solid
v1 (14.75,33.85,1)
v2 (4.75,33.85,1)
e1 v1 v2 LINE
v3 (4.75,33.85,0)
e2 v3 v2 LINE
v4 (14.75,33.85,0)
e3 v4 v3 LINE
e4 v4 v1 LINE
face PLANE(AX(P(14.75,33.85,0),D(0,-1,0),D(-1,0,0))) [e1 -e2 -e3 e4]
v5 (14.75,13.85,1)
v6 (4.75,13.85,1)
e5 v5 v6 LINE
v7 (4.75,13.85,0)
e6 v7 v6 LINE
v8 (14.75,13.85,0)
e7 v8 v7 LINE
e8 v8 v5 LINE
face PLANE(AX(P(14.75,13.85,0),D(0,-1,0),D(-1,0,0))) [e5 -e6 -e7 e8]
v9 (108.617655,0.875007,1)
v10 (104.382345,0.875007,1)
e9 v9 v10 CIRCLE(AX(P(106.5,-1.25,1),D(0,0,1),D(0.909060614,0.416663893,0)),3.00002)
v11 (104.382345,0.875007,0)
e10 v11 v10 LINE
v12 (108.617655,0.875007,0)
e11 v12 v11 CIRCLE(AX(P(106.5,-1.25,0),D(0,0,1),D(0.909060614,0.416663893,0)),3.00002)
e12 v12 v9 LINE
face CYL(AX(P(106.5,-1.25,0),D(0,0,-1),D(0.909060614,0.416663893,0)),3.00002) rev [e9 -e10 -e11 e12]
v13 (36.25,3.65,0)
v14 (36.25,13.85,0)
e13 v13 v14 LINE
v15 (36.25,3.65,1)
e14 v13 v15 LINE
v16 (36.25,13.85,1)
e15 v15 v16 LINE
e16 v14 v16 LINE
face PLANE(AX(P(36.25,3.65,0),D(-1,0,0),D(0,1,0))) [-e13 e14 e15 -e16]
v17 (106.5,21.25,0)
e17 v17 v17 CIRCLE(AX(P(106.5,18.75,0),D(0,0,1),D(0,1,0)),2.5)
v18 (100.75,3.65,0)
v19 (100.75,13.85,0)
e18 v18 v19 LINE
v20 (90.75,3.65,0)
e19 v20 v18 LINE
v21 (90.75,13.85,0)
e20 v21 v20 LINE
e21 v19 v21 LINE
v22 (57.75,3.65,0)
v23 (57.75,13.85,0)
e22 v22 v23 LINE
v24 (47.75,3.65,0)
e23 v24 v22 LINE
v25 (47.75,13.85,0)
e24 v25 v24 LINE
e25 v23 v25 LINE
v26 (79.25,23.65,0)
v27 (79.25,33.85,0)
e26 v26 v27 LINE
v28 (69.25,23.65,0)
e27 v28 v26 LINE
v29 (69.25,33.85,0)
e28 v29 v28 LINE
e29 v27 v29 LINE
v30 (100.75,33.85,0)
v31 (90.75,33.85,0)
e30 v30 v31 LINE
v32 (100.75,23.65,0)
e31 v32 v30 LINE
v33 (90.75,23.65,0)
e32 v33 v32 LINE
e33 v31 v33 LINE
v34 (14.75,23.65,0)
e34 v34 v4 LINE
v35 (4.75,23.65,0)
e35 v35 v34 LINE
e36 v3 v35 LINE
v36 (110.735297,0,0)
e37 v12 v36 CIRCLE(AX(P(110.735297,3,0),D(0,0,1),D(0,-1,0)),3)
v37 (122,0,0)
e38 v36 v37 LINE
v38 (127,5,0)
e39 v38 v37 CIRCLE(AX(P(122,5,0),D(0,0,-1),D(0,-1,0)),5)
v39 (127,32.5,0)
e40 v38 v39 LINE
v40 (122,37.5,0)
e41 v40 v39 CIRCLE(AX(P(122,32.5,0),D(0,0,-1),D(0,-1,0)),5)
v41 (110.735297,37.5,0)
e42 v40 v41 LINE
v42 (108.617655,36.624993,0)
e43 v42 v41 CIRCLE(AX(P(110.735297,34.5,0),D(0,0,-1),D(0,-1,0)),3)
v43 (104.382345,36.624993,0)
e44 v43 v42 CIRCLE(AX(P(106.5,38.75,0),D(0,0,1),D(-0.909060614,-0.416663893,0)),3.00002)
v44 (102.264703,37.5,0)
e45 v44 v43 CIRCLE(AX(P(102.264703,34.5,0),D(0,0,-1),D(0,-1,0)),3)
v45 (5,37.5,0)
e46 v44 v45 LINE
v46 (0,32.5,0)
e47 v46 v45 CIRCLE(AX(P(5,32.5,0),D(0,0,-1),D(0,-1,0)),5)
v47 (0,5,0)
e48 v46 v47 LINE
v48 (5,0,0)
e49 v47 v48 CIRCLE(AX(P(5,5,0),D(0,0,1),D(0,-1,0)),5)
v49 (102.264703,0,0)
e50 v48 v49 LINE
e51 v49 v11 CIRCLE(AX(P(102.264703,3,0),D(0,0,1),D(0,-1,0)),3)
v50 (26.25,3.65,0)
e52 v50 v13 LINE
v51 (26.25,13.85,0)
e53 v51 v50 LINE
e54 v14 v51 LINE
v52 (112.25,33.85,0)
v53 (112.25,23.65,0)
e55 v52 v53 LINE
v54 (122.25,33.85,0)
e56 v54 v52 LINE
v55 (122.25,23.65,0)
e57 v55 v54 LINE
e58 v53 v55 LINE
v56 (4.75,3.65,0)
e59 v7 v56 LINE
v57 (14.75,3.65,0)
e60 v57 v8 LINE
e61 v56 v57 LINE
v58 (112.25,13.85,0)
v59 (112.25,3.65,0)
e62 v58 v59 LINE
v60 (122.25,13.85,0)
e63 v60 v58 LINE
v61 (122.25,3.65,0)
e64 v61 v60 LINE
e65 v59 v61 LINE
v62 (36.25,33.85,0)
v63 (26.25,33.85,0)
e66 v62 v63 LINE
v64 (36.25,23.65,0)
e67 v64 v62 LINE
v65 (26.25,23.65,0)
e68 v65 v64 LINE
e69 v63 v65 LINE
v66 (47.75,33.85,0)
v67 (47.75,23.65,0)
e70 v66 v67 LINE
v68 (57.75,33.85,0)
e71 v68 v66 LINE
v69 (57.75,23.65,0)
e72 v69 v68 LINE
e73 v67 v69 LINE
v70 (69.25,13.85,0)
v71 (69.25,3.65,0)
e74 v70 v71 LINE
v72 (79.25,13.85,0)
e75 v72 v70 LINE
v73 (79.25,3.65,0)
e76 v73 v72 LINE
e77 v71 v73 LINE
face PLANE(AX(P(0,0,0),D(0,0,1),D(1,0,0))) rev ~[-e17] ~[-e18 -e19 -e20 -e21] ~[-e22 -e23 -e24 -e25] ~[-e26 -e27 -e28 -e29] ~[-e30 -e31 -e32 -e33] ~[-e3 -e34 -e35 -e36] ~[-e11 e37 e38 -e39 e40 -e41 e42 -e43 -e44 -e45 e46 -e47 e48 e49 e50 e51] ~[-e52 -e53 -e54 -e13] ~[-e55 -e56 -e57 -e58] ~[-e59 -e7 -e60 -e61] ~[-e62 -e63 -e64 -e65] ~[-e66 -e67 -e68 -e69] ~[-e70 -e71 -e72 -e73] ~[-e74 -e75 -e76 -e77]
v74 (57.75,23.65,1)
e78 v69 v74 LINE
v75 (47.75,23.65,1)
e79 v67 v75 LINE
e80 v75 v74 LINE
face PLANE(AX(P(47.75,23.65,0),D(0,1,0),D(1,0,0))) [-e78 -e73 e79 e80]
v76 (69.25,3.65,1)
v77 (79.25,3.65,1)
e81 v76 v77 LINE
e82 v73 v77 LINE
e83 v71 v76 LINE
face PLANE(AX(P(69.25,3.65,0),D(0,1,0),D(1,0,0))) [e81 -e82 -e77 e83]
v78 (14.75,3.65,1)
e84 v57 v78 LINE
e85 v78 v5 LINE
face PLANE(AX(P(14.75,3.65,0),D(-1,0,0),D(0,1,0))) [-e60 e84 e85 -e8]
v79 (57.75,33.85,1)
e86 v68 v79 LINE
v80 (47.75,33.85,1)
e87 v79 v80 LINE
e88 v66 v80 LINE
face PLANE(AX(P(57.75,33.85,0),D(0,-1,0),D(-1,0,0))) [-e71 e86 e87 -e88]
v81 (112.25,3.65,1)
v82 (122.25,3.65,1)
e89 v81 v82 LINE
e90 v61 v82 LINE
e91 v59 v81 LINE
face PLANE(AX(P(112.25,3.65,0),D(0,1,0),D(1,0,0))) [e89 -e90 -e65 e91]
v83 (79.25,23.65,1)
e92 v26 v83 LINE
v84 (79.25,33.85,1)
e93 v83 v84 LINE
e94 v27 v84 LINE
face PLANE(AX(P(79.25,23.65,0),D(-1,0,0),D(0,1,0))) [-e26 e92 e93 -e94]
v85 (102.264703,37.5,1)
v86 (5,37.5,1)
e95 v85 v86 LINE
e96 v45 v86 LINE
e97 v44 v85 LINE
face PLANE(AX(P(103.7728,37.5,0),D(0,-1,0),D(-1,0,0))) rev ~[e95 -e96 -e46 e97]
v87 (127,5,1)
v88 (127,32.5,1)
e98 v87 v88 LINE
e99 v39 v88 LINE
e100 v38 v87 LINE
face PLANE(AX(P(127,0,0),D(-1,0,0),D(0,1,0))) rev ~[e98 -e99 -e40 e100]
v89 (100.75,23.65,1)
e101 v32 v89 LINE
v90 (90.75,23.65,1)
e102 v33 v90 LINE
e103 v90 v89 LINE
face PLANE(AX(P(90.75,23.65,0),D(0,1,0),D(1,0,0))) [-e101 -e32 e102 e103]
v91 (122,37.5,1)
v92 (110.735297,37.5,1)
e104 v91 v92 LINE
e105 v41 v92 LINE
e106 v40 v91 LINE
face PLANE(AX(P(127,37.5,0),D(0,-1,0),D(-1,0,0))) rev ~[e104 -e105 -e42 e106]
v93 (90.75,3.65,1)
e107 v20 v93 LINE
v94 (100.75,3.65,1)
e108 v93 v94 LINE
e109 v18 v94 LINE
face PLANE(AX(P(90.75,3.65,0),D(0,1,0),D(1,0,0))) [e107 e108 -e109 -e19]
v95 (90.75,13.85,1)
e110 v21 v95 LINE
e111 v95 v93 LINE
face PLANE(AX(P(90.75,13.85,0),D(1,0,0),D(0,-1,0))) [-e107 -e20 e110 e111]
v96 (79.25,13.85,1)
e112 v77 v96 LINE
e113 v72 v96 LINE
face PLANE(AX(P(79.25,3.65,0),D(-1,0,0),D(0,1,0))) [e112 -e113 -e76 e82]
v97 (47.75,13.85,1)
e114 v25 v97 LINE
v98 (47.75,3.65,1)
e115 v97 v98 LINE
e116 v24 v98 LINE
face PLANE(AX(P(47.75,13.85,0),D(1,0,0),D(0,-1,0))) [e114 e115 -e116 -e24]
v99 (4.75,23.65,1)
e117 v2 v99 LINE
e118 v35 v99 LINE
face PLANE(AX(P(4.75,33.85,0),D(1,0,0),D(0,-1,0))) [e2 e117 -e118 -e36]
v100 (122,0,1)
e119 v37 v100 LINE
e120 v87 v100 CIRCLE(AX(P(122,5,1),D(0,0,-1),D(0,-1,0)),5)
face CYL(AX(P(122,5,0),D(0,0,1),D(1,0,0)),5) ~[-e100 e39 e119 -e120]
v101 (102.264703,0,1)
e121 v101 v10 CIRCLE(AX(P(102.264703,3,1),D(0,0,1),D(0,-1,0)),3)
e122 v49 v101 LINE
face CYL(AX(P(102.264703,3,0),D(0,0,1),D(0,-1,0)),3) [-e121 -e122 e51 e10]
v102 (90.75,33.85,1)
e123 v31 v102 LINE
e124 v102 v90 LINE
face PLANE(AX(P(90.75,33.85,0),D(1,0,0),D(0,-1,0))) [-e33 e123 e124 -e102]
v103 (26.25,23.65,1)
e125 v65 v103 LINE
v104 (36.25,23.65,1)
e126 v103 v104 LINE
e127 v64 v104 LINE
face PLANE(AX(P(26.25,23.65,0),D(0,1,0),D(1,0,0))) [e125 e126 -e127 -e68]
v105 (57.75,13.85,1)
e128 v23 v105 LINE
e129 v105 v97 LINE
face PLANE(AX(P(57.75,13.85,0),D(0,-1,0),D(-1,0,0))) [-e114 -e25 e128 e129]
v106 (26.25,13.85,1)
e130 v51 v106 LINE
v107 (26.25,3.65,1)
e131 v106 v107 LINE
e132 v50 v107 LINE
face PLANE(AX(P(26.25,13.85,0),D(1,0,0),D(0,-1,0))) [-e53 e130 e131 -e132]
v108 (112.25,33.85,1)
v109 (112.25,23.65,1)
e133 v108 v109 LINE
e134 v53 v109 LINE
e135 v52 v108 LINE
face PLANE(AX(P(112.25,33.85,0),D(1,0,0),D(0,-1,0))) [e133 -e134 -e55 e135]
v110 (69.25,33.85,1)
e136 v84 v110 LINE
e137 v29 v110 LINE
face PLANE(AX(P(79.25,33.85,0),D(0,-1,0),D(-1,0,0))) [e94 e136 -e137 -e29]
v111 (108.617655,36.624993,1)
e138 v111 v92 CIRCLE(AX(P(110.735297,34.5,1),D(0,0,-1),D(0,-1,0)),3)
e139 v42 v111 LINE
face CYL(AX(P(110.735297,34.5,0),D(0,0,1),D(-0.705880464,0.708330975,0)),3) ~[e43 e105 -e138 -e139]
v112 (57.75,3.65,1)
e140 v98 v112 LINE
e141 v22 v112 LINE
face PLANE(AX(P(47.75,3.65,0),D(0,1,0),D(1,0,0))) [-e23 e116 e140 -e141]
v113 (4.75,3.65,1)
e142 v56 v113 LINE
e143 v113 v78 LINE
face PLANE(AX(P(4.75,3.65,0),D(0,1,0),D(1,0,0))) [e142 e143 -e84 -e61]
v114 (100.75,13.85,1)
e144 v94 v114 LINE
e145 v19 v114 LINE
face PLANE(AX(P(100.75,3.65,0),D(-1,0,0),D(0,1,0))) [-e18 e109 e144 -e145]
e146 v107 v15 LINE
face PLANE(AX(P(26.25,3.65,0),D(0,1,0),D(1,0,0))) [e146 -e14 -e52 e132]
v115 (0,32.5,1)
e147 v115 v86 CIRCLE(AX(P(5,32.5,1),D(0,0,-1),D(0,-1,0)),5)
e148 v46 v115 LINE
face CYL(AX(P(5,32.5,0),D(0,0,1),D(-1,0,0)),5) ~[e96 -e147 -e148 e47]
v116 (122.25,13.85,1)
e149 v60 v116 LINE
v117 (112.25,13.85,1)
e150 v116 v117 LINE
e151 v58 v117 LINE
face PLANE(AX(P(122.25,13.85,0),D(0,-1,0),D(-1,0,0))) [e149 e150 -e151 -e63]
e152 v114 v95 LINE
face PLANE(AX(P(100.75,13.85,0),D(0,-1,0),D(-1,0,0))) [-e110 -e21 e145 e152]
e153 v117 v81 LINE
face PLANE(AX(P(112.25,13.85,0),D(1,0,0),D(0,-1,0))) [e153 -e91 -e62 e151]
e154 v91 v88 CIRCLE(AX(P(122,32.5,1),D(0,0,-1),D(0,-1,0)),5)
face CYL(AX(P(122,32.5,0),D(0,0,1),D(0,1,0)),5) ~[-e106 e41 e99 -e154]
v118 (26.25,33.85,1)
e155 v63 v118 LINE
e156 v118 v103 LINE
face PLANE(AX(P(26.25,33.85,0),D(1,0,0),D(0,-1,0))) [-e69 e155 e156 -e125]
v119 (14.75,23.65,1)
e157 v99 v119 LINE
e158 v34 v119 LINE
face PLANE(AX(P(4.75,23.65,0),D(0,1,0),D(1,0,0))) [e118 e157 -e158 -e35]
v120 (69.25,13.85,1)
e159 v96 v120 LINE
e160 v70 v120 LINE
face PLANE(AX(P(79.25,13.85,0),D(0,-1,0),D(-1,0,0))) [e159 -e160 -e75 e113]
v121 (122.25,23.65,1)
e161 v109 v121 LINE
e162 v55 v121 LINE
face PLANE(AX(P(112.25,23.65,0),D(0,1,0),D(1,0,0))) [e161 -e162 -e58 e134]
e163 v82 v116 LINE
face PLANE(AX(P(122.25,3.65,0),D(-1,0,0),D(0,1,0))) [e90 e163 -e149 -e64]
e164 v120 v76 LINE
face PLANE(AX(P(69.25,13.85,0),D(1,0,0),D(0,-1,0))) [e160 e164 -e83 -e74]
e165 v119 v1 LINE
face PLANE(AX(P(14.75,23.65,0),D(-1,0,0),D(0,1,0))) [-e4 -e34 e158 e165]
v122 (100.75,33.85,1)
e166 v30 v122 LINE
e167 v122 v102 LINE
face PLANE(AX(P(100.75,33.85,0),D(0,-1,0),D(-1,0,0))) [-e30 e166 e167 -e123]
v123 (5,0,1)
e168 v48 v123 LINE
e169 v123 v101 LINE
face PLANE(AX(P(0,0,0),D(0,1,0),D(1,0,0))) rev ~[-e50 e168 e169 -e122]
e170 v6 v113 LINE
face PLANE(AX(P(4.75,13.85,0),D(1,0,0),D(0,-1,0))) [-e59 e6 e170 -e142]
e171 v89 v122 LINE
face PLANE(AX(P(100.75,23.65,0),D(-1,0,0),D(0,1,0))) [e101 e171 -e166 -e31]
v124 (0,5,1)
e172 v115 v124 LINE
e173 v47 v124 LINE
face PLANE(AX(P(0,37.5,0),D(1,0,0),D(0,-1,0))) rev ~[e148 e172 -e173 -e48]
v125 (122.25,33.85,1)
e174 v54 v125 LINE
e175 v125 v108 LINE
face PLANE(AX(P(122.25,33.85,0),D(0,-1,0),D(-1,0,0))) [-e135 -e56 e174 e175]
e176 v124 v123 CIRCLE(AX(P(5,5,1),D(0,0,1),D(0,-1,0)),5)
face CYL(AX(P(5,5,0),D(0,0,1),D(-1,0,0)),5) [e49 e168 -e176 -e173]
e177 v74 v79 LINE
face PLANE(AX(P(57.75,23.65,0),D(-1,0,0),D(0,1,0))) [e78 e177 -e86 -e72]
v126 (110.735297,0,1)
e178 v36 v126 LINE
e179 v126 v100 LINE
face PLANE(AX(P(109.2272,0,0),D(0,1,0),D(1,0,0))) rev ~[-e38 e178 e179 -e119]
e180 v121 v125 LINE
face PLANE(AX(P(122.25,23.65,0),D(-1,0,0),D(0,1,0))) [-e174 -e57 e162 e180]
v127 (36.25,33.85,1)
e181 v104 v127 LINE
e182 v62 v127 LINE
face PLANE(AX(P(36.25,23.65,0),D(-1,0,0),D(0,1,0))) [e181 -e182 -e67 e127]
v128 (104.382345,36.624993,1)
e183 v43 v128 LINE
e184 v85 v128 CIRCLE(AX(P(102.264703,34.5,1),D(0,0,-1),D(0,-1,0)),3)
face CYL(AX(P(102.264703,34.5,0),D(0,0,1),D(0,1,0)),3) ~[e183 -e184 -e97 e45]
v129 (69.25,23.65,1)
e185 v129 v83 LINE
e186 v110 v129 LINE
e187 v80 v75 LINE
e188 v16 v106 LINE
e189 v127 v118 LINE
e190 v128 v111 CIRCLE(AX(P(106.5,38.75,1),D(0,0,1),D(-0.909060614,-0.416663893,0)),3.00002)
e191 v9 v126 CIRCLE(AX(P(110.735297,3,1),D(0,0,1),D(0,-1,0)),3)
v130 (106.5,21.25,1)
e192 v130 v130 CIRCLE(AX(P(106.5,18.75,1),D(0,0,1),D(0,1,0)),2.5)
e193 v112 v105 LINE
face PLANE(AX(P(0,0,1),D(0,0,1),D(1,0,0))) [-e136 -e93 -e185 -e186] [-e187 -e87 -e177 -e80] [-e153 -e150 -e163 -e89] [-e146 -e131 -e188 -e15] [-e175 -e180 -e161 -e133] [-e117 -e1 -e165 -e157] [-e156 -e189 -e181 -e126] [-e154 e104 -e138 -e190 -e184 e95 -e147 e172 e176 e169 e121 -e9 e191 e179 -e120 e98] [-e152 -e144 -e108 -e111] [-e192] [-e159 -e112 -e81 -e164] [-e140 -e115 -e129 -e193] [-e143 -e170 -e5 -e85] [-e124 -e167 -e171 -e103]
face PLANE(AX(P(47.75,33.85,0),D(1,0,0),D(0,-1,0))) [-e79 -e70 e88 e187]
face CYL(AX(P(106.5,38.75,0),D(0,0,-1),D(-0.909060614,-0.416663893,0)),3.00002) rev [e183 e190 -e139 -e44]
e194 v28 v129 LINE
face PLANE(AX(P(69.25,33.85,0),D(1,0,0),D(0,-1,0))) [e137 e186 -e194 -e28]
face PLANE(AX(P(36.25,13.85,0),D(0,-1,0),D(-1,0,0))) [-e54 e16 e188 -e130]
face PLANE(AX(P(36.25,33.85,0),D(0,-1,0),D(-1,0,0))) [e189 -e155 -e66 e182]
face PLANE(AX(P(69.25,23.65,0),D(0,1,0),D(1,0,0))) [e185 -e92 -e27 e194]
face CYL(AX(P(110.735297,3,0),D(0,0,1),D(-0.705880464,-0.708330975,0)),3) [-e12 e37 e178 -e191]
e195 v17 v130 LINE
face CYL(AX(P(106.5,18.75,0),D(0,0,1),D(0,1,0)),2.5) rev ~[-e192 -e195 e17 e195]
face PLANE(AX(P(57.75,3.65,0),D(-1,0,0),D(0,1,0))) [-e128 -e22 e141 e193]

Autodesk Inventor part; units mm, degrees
ref_plane "YZ Plane" through (0, 0, 0) normal (1, 0, 0) x (0, 1, 0)
ref_plane "XZ Plane" through (0, 0, 0) normal (0, 1, 0) x (-1, 0, 0)
ref_plane "XY Plane" through (0, 0, 0) normal (0, 0, 1) x (1, 0, 0)
sketch "Skizze1" plane through (0, 0, 0) normal (0, 0, 1) x (1, 0, 0)
  line L0 (0, 0) -> (127, 0)
  line L1 (127, 0) -> (127, 37.5)
  line L2 (127, 37.5) -> (0, 37.5)
  line L3 (0, 37.5) -> (0, 0)
  line L4 (4.75, 3.65) -> (14.75, 3.65)
  line L5 (14.75, 3.65) -> (14.75, 13.85)
  line L6 (14.75, 13.85) -> (4.75, 13.85)
  line L7 (4.75, 13.85) -> (4.75, 3.65)
  line L8 (4.75, 33.85) -> (4.75, 23.65)
  line L9 (14.75, 33.85) -> (4.75, 33.85)
  line L10 (14.75, 23.65) -> (14.75, 33.85)
  line L11 (4.75, 23.65) -> (14.75, 23.65)
  line L12 (26.25, 13.85) -> (26.25, 3.65)
  line L13 (36.25, 13.85) -> (26.25, 13.85)
  line L14 (36.25, 3.65) -> (36.25, 13.85)
  line L15 (26.25, 3.65) -> (36.25, 3.65)
  line L16 (26.25, 33.85) -> (26.25, 23.65)
  line L17 (36.25, 33.85) -> (26.25, 33.85)
  line L18 (36.25, 23.65) -> (36.25, 33.85)
  line L19 (26.25, 23.65) -> (36.25, 23.65)
  line L20 (47.75, 13.85) -> (47.75, 3.65)
  line L21 (57.75, 13.85) -> (47.75, 13.85)
  line L22 (57.75, 3.65) -> (57.75, 13.85)
  line L23 (47.75, 3.65) -> (57.75, 3.65)
  line L24 (47.75, 33.85) -> (47.75, 23.65)
  line L25 (57.75, 33.85) -> (47.75, 33.85)
  line L26 (57.75, 23.65) -> (57.75, 33.85)
  line L27 (47.75, 23.65) -> (57.75, 23.65)
  line L28 (69.25, 13.85) -> (69.25, 3.65)
  line L29 (79.25, 13.85) -> (69.25, 13.85)
  line L30 (79.25, 3.65) -> (79.25, 13.85)
  line L31 (69.25, 3.65) -> (79.25, 3.65)
  line L32 (69.25, 33.85) -> (69.25, 23.65)
  line L33 (79.25, 33.85) -> (69.25, 33.85)
  line L34 (79.25, 23.65) -> (79.25, 33.85)
  line L35 (69.25, 23.65) -> (79.25, 23.65)
  line L36 (90.75, 13.85) -> (90.75, 3.65)
  line L37 (100.75, 13.85) -> (90.75, 13.85)
  line L38 (100.75, 3.65) -> (100.75, 13.85)
  line L39 (90.75, 3.65) -> (100.75, 3.65)
  line L40 (90.75, 33.85) -> (90.75, 23.65)
  line L41 (100.75, 33.85) -> (90.75, 33.85)
  line L42 (100.75, 23.65) -> (100.75, 33.85)
  line L43 (90.75, 23.65) -> (100.75, 23.65)
  line L44 (112.25, 13.85) -> (112.25, 3.65)
  line L45 (122.25, 13.85) -> (112.25, 13.85)
  line L46 (122.25, 3.65) -> (122.25, 13.85)
  line L47 (112.25, 3.65) -> (122.25, 3.65)
  line L48 (112.25, 33.85) -> (112.25, 23.65)
  line L49 (122.25, 33.85) -> (112.25, 33.85)
  line L50 (122.25, 23.65) -> (122.25, 33.85)
  line L51 (112.25, 23.65) -> (122.25, 23.65)
  arc A0 (109.2272, 0) -> (103.7728, 0) centre (106.5, -1.25) ccw
  arc A1 (103.7728, 37.5) -> (109.2272, 37.5) centre (106.5, 38.75) ccw
  point P0 (0, 18.75)
  point P1 (63.5, 37.5)
  point P2 (42, 18.75)
  point P3 (85, 18.75)
  point P4 (63.5, 0)
  point P5 (4.75, 28.75)
  point P6 (95.75, 3.65)
  point P7 (106.5, 18.75)
  dimension "d0" = 127
  dimension "d1" = 37.5
  dimension "d2" = 10.2
  dimension "d3" = 10
  dimension "d6" = 20
  dimension "d9" = 21.5
  dimension "d13" = 5.75
  dimension "d17" = 43
  dimension "d18" = 21.5
  dimension "d19" = 10
  dimension "d20" = 3
  dimension "d21" = 1.25
  dimension "d22" = 10.75
  dimension "d23" = 1.25
extrude "Extrusion1" add sketch "Skizze1" along normal blind 1 contours L3 L2 A1 L1 L0 A0
fillet "Rundung1" radius 5 4 edges at (127, 37.5, 0.5) (127, 0, 0.5) (0, 37.5, 0.5) (0, 0, 0.5)
fillet "Rundung2" radius 3 4 edges at (103.7728, 0, 0.5) (109.2272, 0, 0.5) (103.7728, 37.5, 0.5) (109.2272, 37.5, 0.5)
hole "Bohrung1" at (106.5, 18.75, 0) direction (0, 0, 1) diameter 5 end through all
sketch "Skizze2" plane through (0, 0, 1) normal (0, 0, 1) x (1, 0, 0)
  arc A0 (0, 5) -> (5, 0) centre (5, 5) ccw projected
  line L0 (5, 0) -> (102.2647, 0) projected
  arc A1 (122, 0) -> (127, 5) centre (122, 5) ccw projected
  line L1 (127, 5) -> (127, 32.5) projected
  arc A2 (127, 32.5) -> (122, 37.5) centre (122, 32.5) ccw projected
  line L2 (122, 37.5) -> (110.7353, 37.5) projected
  arc A3 (5, 37.5) -> (0, 32.5) centre (5, 32.5) ccw projected
  line L3 (0, 32.5) -> (0, 5) projected
  line L4 (112.25, 33.85) -> (122.25, 33.85) projected
  line L5 (122.25, 33.85) -> (122.25, 23.65) projected
  line L6 (122.25, 23.65) -> (112.25, 23.65) projected
  line L7 (112.25, 23.65) -> (112.25, 33.85) projected
  line L8 (112.25, 13.85) -> (122.25, 13.85) projected
  line L9 (122.25, 13.85) -> (122.25, 3.65) projected
  line L10 (122.25, 3.65) -> (112.25, 3.65) projected
  line L11 (112.25, 3.65) -> (112.25, 13.85) projected
  line L12 (90.75, 33.85) -> (100.75, 33.85) projected
  line L13 (100.75, 33.85) -> (100.75, 23.65) projected
  line L14 (100.75, 23.65) -> (90.75, 23.65) projected
  line L15 (90.75, 23.65) -> (90.75, 33.85) projected
  line L16 (90.75, 13.85) -> (100.75, 13.85) projected
  line L17 (100.75, 13.85) -> (100.75, 3.65) projected
  line L18 (100.75, 3.65) -> (90.75, 3.65) projected
  line L19 (90.75, 3.65) -> (90.75, 13.85) projected
  line L20 (69.25, 33.85) -> (79.25, 33.85) projected
  line L21 (79.25, 33.85) -> (79.25, 23.65) projected
  line L22 (79.25, 23.65) -> (69.25, 23.65) projected
  line L23 (69.25, 23.65) -> (69.25, 33.85) projected
  line L24 (69.25, 13.85) -> (79.25, 13.85) projected
  line L25 (79.25, 13.85) -> (79.25, 3.65) projected
  line L26 (79.25, 3.65) -> (69.25, 3.65) projected
  line L27 (69.25, 3.65) -> (69.25, 13.85) projected
  line L28 (47.75, 33.85) -> (57.75, 33.85) projected
  line L29 (57.75, 33.85) -> (57.75, 23.65) projected
  line L30 (57.75, 23.65) -> (47.75, 23.65) projected
  line L31 (47.75, 23.65) -> (47.75, 33.85) projected
  line L32 (47.75, 13.85) -> (57.75, 13.85) projected
  line L33 (57.75, 13.85) -> (57.75, 3.65) projected
  line L34 (57.75, 3.65) -> (47.75, 3.65) projected
  line L35 (47.75, 3.65) -> (47.75, 13.85) projected
  line L36 (26.25, 33.85) -> (36.25, 33.85) projected
  line L37 (36.25, 33.85) -> (36.25, 23.65) projected
  line L38 (36.25, 23.65) -> (26.25, 23.65) projected
  line L39 (26.25, 23.65) -> (26.25, 33.85) projected
  line L40 (26.25, 13.85) -> (36.25, 13.85) projected
  line L41 (36.25, 13.85) -> (36.25, 3.65) projected
  line L42 (36.25, 3.65) -> (26.25, 3.65) projected
  line L43 (26.25, 3.65) -> (26.25, 13.85) projected
  line L44 (4.75, 33.85) -> (14.75, 33.85) projected
  line L45 (14.75, 33.85) -> (14.75, 23.65) projected
  line L46 (14.75, 23.65) -> (4.75, 23.65) projected
  line L47 (4.75, 23.65) -> (4.75, 33.85) projected
  line L48 (4.75, 3.65) -> (4.75, 13.85) projected
  line L49 (4.75, 13.85) -> (14.75, 13.85) projected
  line L50 (14.75, 13.85) -> (14.75, 3.65) projected
  line L51 (14.75, 3.65) -> (4.75, 3.65) projected
  arc A4 (108.6176, 0.875) -> (104.3824, 0.875) centre (106.5, -1.25) ccw projected
  line L52 (110.7353, 0) -> (122, 0) projected
  arc A5 (104.3824, 36.625) -> (108.6176, 36.625) centre (106.5, 38.75) ccw projected
  line L53 (102.2647, 37.5) -> (5, 37.5) projected
  arc A6 (110.7353, 37.5) -> (108.6176, 36.625) centre (110.7353, 34.5) ccw projected
  arc A7 (104.3824, 36.625) -> (102.2647, 37.5) centre (102.2647, 34.5) ccw projected
  arc A8 (102.2647, 0) -> (104.3824, 0.875) centre (102.2647, 3) ccw projected
  arc A9 (108.6176, 0.875) -> (110.7353, 0) centre (110.7353, 3) ccw projected
  point P0 (0, 0)
equation "\"d13\" = -0.5 * d3 + 0.5 * d9"
equation "\"d17\" = 2 * d9"
equation "\"d18\" = 0.5 * d17"
equation "\"d19\" = 0.5 * d6"
equation "\"d22\" = 0.5 * d18"
equation "\"d23\" = d21"
equation "\"Biegeradius\" = Stärke"
equation "\"BreiteBiegungsfreistellung\" = Stärke"
equation "\"TiefeBiegungsfreistellung\" = 0.5 * Stärke"
equation "\"GrößeEckenfreistellung\" = 4 * Stärke"
equation "\"MinimalRest\" = 2 * Stärke"
equation "\"Übergangsradius\" = Biegeradius"
equation "\"JacobiRadiusGröße\" = Biegeradius"
equation "\"Abstandsgröße\" = Stärke"
equation "\"Stärke\" = 0.5"
properties part number "bat_contacts_v2_plate" material "Kupfer"
